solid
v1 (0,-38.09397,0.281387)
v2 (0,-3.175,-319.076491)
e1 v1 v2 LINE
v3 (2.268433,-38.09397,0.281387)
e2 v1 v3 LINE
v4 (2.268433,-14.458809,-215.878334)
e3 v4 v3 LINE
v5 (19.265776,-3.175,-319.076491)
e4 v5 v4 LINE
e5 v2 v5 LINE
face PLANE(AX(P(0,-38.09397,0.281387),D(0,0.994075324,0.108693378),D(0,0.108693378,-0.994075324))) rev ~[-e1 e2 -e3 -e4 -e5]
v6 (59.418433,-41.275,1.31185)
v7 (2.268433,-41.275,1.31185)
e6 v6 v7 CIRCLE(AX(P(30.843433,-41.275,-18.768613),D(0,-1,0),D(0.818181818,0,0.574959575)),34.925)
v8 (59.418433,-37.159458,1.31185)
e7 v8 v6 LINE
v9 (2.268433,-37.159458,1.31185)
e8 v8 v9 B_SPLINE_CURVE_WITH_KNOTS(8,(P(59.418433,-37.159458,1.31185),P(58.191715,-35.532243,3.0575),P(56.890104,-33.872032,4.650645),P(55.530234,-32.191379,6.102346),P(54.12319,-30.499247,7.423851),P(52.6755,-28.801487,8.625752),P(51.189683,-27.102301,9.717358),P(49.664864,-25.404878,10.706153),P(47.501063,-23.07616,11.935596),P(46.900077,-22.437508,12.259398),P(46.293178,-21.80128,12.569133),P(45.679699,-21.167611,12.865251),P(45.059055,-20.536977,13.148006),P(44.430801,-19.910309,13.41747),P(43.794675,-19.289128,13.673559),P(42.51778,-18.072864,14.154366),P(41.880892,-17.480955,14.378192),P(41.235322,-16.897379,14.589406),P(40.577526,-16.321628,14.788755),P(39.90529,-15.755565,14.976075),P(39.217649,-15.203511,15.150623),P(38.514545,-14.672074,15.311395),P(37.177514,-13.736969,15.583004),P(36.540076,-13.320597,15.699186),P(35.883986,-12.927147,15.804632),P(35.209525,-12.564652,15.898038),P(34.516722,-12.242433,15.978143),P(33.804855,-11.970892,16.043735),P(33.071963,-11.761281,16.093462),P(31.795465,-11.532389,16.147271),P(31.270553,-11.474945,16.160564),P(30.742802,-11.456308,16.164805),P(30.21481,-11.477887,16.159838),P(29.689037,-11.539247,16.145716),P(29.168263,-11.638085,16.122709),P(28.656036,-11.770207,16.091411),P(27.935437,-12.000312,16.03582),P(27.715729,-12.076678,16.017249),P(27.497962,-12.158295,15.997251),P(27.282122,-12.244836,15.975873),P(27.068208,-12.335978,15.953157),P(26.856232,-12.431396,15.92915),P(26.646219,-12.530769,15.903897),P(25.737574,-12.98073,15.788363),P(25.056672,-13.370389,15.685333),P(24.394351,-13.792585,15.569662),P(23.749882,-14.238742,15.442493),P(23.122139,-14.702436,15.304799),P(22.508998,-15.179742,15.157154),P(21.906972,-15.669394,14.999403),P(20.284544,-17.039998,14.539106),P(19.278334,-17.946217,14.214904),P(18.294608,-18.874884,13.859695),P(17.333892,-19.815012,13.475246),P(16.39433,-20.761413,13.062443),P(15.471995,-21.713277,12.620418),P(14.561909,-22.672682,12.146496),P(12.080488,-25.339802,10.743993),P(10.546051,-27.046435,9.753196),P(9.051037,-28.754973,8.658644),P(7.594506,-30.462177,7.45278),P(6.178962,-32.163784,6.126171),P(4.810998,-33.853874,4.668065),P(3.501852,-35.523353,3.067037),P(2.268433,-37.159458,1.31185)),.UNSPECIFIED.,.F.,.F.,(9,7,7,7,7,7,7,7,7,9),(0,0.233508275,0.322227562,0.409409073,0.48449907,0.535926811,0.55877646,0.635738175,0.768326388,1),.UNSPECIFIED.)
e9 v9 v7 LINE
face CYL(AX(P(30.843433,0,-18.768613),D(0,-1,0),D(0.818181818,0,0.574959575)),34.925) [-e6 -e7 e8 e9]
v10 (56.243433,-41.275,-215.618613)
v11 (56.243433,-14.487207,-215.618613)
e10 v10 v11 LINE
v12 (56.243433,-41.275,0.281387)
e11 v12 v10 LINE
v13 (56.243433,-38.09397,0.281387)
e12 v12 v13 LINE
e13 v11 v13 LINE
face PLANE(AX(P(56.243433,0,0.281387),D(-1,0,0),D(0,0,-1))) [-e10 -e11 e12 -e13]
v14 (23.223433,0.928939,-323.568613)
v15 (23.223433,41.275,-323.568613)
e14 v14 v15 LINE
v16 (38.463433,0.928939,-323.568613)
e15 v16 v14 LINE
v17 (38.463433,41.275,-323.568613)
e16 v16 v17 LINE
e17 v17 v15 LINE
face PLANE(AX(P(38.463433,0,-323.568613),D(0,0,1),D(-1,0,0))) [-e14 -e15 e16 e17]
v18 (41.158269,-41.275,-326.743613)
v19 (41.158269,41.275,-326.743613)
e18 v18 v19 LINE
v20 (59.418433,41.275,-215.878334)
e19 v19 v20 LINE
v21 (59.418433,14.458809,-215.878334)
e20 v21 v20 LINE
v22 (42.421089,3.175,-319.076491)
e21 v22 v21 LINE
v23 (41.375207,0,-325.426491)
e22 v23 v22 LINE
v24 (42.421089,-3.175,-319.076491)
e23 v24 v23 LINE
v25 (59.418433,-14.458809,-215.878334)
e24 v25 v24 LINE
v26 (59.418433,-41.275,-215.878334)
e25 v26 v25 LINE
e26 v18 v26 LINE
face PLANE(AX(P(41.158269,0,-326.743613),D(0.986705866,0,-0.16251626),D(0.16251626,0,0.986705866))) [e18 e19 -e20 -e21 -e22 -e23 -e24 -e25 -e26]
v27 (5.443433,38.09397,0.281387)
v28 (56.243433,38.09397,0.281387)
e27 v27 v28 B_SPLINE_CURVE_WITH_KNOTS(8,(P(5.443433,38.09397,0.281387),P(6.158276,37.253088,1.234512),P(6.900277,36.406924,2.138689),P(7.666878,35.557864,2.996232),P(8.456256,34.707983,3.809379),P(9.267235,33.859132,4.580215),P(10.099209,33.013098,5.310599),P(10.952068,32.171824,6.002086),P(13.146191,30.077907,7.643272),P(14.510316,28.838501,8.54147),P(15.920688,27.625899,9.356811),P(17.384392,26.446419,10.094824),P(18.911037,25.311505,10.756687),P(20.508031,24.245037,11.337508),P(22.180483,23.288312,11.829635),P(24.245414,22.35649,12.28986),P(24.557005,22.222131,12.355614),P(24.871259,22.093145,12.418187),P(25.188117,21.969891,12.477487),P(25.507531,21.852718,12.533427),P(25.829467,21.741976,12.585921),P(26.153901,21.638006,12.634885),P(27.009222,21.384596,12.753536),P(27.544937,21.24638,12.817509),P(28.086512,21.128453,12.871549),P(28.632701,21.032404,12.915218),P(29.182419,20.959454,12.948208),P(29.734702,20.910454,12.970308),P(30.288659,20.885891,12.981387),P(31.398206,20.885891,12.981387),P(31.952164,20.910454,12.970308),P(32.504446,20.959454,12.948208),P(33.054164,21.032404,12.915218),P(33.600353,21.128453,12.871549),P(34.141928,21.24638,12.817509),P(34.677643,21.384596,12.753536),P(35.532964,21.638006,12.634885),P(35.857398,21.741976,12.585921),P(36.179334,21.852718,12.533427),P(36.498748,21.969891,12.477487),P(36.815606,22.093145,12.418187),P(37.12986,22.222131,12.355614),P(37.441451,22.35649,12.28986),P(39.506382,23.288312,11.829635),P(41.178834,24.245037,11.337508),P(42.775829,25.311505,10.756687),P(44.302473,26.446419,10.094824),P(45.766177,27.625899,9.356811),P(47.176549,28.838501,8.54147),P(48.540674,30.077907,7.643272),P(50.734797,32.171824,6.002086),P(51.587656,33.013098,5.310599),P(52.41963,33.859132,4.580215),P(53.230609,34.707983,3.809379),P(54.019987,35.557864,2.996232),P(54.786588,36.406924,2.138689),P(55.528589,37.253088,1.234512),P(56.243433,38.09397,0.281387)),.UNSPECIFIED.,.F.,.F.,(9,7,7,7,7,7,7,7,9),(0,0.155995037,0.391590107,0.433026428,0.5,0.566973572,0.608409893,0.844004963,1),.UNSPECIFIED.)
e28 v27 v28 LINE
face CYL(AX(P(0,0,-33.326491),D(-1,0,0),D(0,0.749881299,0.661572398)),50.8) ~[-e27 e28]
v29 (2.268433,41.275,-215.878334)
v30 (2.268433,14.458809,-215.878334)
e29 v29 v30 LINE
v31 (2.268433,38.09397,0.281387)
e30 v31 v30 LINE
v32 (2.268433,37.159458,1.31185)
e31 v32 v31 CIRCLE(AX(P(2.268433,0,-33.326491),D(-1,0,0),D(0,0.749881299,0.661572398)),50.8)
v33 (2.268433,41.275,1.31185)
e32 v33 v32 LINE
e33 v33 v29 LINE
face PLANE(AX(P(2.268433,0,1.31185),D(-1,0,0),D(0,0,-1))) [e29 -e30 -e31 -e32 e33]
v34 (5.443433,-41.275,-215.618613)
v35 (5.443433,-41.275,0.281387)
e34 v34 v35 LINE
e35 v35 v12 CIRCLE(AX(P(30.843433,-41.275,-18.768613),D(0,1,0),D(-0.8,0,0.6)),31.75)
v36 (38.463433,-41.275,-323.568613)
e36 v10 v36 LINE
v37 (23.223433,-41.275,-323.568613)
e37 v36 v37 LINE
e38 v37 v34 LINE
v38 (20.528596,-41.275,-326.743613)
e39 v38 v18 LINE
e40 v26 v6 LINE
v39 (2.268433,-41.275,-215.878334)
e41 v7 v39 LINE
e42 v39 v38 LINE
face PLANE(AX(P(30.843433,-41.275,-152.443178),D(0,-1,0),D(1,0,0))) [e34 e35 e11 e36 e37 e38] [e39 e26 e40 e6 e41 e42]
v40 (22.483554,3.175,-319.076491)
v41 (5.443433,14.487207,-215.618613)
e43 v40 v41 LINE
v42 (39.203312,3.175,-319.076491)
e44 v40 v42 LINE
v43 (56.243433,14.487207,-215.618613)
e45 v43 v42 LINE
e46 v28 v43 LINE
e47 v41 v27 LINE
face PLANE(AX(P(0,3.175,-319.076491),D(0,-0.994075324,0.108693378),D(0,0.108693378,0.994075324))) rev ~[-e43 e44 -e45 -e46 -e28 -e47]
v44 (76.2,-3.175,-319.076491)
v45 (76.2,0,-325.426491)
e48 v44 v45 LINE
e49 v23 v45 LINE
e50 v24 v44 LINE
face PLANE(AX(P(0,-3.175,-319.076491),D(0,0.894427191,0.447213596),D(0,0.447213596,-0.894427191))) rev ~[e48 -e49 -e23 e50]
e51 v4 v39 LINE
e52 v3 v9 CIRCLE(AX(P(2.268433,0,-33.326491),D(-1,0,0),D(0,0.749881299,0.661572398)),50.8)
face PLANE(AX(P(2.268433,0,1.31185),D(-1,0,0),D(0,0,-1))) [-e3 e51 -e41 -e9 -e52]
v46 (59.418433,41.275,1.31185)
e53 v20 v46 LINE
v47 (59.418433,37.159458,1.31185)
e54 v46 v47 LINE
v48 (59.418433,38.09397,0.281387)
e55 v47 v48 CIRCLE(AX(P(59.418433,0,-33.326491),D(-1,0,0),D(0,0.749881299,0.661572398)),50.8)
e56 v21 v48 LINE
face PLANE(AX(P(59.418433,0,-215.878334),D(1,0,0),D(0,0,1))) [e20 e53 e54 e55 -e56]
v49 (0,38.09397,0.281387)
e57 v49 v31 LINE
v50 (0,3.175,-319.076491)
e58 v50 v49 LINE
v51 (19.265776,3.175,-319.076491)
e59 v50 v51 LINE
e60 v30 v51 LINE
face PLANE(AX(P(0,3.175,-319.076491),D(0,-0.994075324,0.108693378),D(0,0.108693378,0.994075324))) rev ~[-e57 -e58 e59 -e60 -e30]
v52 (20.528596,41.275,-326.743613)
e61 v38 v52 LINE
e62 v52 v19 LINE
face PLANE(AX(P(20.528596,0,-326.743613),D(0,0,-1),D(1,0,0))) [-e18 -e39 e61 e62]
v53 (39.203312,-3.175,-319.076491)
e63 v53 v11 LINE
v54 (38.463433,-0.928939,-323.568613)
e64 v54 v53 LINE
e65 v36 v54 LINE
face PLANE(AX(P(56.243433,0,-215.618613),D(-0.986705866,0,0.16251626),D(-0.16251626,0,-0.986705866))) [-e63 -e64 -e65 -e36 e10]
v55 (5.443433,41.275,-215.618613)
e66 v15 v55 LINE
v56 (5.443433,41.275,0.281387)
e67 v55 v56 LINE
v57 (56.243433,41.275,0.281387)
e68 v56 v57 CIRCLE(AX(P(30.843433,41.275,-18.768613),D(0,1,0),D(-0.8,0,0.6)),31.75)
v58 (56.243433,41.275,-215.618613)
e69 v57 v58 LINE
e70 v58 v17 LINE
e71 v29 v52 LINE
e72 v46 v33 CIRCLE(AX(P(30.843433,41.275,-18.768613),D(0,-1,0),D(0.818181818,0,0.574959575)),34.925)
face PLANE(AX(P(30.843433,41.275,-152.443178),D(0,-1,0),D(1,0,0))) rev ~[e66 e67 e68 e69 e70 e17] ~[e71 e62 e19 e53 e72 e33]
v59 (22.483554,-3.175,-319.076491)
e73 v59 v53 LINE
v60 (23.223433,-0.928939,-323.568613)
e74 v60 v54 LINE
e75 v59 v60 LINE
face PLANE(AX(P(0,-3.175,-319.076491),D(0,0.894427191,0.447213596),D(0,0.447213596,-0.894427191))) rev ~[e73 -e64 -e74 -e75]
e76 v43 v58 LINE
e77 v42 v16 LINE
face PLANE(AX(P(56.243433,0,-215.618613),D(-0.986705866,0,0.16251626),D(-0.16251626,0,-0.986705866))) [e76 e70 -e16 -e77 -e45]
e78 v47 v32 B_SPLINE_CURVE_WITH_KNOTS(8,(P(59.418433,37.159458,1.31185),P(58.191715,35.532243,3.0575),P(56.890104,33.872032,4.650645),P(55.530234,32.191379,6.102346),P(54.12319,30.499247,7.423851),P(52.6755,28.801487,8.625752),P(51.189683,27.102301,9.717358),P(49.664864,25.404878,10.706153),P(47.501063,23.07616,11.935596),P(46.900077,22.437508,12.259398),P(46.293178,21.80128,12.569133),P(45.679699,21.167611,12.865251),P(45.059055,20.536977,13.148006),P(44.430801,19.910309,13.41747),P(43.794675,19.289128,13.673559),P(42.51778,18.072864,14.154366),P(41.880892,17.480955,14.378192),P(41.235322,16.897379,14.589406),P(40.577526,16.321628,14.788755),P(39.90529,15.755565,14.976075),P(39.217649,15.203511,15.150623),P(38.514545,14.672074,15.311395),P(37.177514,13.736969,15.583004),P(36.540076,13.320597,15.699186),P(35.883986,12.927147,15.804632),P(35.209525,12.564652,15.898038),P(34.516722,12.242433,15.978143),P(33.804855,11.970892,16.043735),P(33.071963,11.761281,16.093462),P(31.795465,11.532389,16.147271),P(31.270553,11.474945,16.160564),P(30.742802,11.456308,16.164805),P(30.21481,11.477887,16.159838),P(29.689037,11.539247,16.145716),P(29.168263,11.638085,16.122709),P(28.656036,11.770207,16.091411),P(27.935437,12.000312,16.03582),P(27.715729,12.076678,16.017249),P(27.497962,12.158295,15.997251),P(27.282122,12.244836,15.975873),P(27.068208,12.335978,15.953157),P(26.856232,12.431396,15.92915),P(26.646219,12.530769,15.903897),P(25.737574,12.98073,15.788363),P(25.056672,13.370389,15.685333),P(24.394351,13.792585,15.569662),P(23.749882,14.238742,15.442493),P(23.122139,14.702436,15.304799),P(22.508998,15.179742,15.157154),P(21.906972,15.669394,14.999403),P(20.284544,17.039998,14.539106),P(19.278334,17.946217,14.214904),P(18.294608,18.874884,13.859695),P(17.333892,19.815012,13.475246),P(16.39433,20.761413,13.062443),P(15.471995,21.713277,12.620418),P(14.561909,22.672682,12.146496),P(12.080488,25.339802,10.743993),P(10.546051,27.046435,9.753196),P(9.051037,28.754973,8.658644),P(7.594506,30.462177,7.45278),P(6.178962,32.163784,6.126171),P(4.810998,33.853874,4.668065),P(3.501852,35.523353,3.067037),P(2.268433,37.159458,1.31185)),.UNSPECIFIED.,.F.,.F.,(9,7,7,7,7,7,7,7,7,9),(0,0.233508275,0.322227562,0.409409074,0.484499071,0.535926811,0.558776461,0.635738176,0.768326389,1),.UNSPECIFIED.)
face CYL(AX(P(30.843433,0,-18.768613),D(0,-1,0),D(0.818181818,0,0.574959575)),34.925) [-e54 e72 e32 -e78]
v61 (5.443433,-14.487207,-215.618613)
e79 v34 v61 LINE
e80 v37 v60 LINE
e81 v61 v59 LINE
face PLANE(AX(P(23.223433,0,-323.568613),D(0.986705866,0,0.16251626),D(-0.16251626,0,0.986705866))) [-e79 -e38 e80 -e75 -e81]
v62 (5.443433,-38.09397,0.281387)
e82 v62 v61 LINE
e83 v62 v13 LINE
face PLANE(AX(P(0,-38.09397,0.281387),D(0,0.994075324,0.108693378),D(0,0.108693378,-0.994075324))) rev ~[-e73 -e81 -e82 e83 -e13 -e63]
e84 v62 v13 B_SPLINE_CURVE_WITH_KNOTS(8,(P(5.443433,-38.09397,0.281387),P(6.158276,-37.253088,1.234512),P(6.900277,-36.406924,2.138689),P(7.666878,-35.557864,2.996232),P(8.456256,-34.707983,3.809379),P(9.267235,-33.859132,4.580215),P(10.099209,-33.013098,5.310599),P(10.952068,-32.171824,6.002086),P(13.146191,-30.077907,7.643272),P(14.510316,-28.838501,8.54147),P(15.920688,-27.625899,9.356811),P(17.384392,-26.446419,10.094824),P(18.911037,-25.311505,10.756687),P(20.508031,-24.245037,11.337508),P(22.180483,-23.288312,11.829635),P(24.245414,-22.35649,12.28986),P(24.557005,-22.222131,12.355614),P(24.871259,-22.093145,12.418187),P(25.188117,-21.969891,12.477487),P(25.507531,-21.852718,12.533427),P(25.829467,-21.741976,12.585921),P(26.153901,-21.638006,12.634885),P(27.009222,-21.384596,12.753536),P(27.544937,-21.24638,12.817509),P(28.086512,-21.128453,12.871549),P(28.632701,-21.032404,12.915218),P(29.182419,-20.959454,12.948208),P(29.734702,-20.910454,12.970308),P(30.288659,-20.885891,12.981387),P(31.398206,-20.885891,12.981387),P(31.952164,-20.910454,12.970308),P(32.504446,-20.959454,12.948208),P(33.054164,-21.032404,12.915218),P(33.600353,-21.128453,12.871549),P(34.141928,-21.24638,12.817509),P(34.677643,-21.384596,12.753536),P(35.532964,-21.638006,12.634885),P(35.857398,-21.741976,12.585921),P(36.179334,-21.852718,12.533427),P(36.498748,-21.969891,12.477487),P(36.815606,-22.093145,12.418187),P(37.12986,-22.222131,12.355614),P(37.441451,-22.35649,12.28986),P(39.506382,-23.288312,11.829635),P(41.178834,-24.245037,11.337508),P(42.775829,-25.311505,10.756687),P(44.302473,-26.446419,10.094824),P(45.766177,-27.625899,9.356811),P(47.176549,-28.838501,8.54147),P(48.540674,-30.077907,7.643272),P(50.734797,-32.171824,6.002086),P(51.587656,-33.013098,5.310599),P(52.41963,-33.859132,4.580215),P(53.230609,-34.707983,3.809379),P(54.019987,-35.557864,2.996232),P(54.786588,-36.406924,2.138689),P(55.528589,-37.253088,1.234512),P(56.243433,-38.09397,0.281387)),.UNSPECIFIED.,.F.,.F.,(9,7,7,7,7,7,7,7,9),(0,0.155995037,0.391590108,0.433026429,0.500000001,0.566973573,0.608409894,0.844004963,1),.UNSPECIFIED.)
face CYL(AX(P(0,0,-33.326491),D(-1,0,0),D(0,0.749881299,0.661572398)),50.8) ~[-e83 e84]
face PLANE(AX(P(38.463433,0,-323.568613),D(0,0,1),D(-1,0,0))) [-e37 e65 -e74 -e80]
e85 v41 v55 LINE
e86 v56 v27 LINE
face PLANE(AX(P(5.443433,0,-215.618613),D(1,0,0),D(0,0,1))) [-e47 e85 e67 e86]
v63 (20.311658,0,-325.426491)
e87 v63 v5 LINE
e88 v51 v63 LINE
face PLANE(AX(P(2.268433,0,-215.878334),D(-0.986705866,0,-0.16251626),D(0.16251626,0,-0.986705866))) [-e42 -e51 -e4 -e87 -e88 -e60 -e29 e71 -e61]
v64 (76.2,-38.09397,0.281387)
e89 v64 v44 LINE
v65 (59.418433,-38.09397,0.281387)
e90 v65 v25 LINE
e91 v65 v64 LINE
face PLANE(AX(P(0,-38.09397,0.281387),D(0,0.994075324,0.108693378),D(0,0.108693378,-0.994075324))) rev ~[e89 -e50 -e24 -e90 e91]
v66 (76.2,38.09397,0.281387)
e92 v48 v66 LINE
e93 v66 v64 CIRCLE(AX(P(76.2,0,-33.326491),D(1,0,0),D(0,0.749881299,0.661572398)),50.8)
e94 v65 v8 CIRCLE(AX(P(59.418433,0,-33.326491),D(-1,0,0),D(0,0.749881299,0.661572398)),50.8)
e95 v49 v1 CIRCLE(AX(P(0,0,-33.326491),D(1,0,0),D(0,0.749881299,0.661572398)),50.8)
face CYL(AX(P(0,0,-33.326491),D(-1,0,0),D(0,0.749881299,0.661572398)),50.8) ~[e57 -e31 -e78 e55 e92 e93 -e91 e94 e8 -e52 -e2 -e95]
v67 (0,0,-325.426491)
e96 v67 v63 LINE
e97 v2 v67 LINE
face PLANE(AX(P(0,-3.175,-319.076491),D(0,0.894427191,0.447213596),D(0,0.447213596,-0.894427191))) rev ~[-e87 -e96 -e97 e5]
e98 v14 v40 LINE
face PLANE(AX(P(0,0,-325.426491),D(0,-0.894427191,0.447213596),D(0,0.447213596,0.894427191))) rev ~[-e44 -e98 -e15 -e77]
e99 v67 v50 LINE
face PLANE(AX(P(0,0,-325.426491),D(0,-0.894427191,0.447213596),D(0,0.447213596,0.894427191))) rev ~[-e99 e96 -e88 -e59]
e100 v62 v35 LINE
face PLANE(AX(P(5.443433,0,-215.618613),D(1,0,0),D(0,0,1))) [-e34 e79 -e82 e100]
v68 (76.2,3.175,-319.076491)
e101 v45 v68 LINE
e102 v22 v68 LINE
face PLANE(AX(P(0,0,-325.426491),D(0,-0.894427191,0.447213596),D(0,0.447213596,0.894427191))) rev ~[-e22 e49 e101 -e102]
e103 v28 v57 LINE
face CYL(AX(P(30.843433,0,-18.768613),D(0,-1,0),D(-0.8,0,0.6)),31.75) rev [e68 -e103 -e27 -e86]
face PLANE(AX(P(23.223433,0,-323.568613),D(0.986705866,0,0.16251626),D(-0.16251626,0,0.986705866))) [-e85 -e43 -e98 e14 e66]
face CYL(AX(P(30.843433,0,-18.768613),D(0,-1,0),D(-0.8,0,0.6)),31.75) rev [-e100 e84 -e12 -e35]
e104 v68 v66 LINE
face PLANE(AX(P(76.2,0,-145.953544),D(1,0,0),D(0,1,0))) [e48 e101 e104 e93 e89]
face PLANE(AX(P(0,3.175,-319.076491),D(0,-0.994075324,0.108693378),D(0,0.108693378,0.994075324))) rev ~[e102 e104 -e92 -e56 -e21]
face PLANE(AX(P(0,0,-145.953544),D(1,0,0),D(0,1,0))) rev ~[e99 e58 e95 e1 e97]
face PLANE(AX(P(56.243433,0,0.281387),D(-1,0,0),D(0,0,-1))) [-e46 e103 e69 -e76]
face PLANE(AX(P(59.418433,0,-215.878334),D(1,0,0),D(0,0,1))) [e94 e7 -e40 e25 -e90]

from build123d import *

# Parameters (mm, degrees)
F2_DEPTH = 76.2
F3_DEPTH = 41.275


with BuildPart() as f2:
    # F1 (on Right) → F2 (new body)
    with BuildSketch(Plane.YZ):
        Polygon((-38.0939699973, 0.2813866025), (-3.175, -319.0764911919), (0, -325.4264911919), (3.175, -319.0764911919), (38.0939699973, 0.2813866025), align=None)
        with BuildLine():
            ThreePointArc((38.0939699973, 0.2813866025), (0, 17.4735088081), (-38.0939699973, 0.2813866025))
            Line((-38.0939699973, 0.2813866025), (38.0939699973, 0.2813866025))
        make_face()
    extrude(amount=F2_DEPTH)

    # F0 (on Front) → F3 (join, symmetric)
    with BuildSketch(Plane.XZ):
        with BuildLine():
            Line((59.4184325825, -215.8783343432), (59.4184325825, 1.3118497446))
            ThreePointArc((59.4184325825, 1.3118497446), (30.8434325825, 16.1563866025), (2.2684325825, 1.3118497446))
            Line((2.2684325825, 1.3118497446), (2.2684325825, -215.8783343432))
            Line((2.2684325825, -215.8783343432), (20.5285961914, -326.7436133975))
            Line((20.5285961914, -326.7436133975), (41.1582689735, -326.7436133975))
            Line((41.1582689735, -326.7436133975), (59.4184325825, -215.8783343432))
        make_face()
        with BuildLine():
            ThreePointArc((5.4434325825, 0.2813866025), (30.8434325825, 12.9813866025), (56.2434325825, 0.2813866025))
            Line((56.2434325825, 0.2813866025), (56.2434325825, -215.6186133975))
            Line((56.2434325825, -215.6186133975), (38.4634325825, -323.5686133975))
            Line((38.4634325825, -323.5686133975), (23.2234325825, -323.5686133975))
            Line((23.2234325825, -323.5686133975), (5.4434325825, -215.6186133975))
            Line((5.4434325825, -215.6186133975), (5.4434325825, 0.2813866025))
        make_face(mode=Mode.SUBTRACT)
    extrude(amount=F3_DEPTH, both=True)


solid = f2.part
